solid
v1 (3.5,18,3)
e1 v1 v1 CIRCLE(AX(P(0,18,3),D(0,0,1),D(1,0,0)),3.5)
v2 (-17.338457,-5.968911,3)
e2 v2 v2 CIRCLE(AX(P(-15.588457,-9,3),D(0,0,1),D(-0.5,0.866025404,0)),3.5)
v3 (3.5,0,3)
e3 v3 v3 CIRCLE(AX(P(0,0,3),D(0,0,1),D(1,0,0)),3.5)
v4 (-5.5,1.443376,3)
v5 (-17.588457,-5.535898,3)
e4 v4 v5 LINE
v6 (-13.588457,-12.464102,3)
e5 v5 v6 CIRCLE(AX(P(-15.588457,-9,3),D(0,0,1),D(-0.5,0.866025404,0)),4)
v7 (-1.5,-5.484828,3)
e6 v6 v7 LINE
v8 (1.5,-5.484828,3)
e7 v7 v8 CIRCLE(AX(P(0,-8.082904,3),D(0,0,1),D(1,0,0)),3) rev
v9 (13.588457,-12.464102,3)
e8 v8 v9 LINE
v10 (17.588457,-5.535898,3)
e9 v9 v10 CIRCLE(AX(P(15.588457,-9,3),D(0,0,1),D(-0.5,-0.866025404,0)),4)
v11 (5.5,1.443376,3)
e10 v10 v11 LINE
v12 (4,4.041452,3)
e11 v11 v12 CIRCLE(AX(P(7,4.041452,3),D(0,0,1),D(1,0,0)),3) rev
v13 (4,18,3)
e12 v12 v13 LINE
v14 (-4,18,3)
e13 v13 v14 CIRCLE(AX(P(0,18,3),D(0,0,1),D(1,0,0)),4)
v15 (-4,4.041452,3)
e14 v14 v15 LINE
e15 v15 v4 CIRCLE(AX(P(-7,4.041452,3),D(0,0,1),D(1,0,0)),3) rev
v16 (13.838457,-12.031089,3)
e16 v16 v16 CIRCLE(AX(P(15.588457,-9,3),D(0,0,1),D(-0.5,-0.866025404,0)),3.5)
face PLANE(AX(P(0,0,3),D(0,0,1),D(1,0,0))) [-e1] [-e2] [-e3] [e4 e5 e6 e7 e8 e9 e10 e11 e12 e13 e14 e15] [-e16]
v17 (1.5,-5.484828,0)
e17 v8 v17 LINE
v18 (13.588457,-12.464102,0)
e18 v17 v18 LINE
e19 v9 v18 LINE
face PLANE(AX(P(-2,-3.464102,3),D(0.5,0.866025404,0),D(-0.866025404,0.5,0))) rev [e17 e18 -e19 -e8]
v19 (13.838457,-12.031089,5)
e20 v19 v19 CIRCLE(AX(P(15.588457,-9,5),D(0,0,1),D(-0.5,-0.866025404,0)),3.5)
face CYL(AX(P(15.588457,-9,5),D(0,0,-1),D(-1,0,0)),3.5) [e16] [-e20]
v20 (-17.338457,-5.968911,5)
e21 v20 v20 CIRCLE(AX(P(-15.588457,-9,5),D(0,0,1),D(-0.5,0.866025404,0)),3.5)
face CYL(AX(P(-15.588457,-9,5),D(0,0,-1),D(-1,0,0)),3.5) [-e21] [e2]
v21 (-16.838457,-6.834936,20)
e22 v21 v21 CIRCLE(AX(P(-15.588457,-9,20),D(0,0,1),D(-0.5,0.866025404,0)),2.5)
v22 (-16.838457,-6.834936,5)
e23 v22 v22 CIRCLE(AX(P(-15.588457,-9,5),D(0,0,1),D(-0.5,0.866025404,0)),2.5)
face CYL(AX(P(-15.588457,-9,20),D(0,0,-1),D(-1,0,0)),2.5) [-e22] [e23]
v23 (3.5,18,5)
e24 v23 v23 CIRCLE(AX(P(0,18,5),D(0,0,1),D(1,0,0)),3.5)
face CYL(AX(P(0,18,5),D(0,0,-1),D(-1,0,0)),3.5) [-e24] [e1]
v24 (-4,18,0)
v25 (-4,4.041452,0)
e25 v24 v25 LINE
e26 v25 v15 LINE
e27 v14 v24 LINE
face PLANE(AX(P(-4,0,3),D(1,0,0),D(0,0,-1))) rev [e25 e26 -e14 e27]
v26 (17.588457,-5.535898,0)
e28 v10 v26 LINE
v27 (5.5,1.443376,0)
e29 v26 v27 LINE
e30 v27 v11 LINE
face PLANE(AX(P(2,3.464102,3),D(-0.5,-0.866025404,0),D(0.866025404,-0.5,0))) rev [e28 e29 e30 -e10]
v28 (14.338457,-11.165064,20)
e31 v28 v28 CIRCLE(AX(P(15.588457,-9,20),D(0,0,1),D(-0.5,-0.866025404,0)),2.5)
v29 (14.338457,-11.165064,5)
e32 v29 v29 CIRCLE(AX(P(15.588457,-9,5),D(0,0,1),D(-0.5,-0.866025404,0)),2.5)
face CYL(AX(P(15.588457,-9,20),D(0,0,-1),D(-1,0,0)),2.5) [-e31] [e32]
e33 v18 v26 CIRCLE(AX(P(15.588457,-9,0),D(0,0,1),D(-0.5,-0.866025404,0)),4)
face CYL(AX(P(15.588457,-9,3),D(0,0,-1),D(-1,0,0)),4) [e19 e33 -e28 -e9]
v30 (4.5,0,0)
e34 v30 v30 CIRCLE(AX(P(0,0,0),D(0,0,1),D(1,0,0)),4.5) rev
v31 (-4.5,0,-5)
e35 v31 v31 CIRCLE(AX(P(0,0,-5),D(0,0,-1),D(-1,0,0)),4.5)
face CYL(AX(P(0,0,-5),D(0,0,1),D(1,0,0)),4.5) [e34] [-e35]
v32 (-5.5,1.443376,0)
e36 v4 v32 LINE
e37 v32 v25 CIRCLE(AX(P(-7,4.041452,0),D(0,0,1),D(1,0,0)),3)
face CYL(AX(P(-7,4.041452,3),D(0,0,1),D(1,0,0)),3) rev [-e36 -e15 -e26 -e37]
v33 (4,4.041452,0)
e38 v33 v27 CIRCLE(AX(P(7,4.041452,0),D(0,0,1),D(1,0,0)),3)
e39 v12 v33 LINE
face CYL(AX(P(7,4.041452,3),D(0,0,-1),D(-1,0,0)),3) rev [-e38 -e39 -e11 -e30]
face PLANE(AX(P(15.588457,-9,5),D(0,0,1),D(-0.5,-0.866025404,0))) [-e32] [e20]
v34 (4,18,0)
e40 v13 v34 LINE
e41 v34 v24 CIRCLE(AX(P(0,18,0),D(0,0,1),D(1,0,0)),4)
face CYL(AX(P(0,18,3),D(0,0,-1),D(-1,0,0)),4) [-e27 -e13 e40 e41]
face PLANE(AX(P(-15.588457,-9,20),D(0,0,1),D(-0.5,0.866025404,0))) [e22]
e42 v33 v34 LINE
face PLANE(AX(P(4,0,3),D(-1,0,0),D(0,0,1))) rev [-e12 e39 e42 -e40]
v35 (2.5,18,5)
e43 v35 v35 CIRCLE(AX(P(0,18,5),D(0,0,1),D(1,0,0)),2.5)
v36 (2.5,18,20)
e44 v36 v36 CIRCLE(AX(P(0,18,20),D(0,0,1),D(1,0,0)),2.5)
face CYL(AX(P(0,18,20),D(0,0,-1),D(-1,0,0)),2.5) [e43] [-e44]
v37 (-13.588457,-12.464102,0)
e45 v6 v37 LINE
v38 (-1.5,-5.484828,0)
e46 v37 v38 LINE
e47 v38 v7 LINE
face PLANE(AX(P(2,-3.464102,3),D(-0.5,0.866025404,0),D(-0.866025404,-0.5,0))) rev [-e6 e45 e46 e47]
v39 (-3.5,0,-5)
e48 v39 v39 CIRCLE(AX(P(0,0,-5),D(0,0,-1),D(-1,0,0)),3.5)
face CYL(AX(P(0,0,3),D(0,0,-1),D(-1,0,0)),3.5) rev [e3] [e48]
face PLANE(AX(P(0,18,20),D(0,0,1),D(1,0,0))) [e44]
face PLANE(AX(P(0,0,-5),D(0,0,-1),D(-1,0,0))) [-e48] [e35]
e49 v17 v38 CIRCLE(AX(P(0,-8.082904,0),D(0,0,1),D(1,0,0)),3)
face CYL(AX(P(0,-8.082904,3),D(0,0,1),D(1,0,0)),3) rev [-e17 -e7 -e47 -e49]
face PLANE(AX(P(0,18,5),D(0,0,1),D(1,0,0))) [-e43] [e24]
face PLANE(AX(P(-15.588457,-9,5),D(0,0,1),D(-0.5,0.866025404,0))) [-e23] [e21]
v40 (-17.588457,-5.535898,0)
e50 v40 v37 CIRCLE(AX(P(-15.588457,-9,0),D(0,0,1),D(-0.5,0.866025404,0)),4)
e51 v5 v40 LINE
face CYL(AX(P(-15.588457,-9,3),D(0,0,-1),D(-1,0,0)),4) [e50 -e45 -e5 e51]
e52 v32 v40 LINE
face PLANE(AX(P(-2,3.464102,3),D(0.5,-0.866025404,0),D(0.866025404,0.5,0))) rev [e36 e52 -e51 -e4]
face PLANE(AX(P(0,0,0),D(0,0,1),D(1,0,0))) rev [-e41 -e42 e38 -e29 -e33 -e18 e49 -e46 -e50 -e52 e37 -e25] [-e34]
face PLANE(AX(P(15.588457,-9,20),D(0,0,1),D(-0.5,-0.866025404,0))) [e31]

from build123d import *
from build123d.topology import SkipClean

# Parameters (mm, degrees)
SKETCH2_R           = 3.5
BOSS_EXTRUDE1_DEPTH = 3
SKETCH3_R           = 3.5
BOSS_EXTRUDE2_DEPTH = 2
SKETCH4_R           = 2.5
BOSS_EXTRUDE3_DEPTH = 15
CIRPATTERN1_COUNT   = 3
FILLET1_R           = 3
BOSS_EXTRUDE4_START = 5
SKETCH5_R           = 4.5
SKETCH5_R_2         = 3.5
BOSS_EXTRUDE4_DEPTH = 5


with BuildPart() as part:
    # Sketch2 → Boss-Extrude1 (new body)
    with BuildSketch(Plane.XY):
        with BuildLine():
            Line((-4, 0), (-4, 18))
            ThreePointArc((-4, 18), (0, 22), (4, 18))
            Line((4, 18), (4, 0))
            ThreePointArc((4, 0), (0, -4), (-4, 0))
        make_face()
        Circle(SKETCH2_R, mode=Mode.SUBTRACT)
    boss_extrude1 = extrude(amount=BOSS_EXTRUDE1_DEPTH)

    # Sketch3 → Boss-Extrude2 (add)
    with BuildSketch(Plane.XY.offset(3)):
        with Locations((0, 18)):
            Circle(SKETCH3_R)
    boss_extrude2 = extrude(amount=BOSS_EXTRUDE2_DEPTH)

    # Sketch4 → Boss-Extrude3 (add)
    with BuildSketch(Plane.XY.offset(5)):
        with Locations((0, 18)):
            Circle(SKETCH4_R)
    boss_extrude3 = extrude(amount=BOSS_EXTRUDE3_DEPTH)

    # CirPattern1: Boss-Extrude1, Boss-Extrude2, Boss-Extrude3 ×3 about axis
    cirpattern1_axis = Axis((0, 0, 0), (0, 0, 1))
    add([boss_extrude1.rotate(cirpattern1_axis, i * 360 / CIRPATTERN1_COUNT) for i in range(1, CIRPATTERN1_COUNT)])
    add([boss_extrude2.rotate(cirpattern1_axis, i * 360 / CIRPATTERN1_COUNT) for i in range(1, CIRPATTERN1_COUNT)])
    add([boss_extrude3.rotate(cirpattern1_axis, i * 360 / CIRPATTERN1_COUNT) for i in range(1, CIRPATTERN1_COUNT)])

    # Fillet1
    fillet1_edges = [part.edges().sort_by_distance(p)[0] for p in [
        (-4, 2.309401077, 1.5),
        (4, 2.309401077, 1.5),
        (0, -4.618802154, 1.5),
    ]]
    fillet(fillet1_edges, radius=FILLET1_R)

    # Sketch5 → Boss-Extrude4 (add)
    with SkipClean():  # the faces are left unmerged after this step: merging them gives an invalid solid
        with BuildSketch(Plane(origin=(0, 0, 0), x_dir=(-1, 0, 0), z_dir=(0, 0, -1)).offset(BOSS_EXTRUDE4_START)):
            with Locations(Location((0, 0, 0), (0, 0, 180))):
                Circle(SKETCH5_R)
            Circle(SKETCH5_R_2, mode=Mode.SUBTRACT)
        extrude(amount=-BOSS_EXTRUDE4_DEPTH)


solid = part.part
